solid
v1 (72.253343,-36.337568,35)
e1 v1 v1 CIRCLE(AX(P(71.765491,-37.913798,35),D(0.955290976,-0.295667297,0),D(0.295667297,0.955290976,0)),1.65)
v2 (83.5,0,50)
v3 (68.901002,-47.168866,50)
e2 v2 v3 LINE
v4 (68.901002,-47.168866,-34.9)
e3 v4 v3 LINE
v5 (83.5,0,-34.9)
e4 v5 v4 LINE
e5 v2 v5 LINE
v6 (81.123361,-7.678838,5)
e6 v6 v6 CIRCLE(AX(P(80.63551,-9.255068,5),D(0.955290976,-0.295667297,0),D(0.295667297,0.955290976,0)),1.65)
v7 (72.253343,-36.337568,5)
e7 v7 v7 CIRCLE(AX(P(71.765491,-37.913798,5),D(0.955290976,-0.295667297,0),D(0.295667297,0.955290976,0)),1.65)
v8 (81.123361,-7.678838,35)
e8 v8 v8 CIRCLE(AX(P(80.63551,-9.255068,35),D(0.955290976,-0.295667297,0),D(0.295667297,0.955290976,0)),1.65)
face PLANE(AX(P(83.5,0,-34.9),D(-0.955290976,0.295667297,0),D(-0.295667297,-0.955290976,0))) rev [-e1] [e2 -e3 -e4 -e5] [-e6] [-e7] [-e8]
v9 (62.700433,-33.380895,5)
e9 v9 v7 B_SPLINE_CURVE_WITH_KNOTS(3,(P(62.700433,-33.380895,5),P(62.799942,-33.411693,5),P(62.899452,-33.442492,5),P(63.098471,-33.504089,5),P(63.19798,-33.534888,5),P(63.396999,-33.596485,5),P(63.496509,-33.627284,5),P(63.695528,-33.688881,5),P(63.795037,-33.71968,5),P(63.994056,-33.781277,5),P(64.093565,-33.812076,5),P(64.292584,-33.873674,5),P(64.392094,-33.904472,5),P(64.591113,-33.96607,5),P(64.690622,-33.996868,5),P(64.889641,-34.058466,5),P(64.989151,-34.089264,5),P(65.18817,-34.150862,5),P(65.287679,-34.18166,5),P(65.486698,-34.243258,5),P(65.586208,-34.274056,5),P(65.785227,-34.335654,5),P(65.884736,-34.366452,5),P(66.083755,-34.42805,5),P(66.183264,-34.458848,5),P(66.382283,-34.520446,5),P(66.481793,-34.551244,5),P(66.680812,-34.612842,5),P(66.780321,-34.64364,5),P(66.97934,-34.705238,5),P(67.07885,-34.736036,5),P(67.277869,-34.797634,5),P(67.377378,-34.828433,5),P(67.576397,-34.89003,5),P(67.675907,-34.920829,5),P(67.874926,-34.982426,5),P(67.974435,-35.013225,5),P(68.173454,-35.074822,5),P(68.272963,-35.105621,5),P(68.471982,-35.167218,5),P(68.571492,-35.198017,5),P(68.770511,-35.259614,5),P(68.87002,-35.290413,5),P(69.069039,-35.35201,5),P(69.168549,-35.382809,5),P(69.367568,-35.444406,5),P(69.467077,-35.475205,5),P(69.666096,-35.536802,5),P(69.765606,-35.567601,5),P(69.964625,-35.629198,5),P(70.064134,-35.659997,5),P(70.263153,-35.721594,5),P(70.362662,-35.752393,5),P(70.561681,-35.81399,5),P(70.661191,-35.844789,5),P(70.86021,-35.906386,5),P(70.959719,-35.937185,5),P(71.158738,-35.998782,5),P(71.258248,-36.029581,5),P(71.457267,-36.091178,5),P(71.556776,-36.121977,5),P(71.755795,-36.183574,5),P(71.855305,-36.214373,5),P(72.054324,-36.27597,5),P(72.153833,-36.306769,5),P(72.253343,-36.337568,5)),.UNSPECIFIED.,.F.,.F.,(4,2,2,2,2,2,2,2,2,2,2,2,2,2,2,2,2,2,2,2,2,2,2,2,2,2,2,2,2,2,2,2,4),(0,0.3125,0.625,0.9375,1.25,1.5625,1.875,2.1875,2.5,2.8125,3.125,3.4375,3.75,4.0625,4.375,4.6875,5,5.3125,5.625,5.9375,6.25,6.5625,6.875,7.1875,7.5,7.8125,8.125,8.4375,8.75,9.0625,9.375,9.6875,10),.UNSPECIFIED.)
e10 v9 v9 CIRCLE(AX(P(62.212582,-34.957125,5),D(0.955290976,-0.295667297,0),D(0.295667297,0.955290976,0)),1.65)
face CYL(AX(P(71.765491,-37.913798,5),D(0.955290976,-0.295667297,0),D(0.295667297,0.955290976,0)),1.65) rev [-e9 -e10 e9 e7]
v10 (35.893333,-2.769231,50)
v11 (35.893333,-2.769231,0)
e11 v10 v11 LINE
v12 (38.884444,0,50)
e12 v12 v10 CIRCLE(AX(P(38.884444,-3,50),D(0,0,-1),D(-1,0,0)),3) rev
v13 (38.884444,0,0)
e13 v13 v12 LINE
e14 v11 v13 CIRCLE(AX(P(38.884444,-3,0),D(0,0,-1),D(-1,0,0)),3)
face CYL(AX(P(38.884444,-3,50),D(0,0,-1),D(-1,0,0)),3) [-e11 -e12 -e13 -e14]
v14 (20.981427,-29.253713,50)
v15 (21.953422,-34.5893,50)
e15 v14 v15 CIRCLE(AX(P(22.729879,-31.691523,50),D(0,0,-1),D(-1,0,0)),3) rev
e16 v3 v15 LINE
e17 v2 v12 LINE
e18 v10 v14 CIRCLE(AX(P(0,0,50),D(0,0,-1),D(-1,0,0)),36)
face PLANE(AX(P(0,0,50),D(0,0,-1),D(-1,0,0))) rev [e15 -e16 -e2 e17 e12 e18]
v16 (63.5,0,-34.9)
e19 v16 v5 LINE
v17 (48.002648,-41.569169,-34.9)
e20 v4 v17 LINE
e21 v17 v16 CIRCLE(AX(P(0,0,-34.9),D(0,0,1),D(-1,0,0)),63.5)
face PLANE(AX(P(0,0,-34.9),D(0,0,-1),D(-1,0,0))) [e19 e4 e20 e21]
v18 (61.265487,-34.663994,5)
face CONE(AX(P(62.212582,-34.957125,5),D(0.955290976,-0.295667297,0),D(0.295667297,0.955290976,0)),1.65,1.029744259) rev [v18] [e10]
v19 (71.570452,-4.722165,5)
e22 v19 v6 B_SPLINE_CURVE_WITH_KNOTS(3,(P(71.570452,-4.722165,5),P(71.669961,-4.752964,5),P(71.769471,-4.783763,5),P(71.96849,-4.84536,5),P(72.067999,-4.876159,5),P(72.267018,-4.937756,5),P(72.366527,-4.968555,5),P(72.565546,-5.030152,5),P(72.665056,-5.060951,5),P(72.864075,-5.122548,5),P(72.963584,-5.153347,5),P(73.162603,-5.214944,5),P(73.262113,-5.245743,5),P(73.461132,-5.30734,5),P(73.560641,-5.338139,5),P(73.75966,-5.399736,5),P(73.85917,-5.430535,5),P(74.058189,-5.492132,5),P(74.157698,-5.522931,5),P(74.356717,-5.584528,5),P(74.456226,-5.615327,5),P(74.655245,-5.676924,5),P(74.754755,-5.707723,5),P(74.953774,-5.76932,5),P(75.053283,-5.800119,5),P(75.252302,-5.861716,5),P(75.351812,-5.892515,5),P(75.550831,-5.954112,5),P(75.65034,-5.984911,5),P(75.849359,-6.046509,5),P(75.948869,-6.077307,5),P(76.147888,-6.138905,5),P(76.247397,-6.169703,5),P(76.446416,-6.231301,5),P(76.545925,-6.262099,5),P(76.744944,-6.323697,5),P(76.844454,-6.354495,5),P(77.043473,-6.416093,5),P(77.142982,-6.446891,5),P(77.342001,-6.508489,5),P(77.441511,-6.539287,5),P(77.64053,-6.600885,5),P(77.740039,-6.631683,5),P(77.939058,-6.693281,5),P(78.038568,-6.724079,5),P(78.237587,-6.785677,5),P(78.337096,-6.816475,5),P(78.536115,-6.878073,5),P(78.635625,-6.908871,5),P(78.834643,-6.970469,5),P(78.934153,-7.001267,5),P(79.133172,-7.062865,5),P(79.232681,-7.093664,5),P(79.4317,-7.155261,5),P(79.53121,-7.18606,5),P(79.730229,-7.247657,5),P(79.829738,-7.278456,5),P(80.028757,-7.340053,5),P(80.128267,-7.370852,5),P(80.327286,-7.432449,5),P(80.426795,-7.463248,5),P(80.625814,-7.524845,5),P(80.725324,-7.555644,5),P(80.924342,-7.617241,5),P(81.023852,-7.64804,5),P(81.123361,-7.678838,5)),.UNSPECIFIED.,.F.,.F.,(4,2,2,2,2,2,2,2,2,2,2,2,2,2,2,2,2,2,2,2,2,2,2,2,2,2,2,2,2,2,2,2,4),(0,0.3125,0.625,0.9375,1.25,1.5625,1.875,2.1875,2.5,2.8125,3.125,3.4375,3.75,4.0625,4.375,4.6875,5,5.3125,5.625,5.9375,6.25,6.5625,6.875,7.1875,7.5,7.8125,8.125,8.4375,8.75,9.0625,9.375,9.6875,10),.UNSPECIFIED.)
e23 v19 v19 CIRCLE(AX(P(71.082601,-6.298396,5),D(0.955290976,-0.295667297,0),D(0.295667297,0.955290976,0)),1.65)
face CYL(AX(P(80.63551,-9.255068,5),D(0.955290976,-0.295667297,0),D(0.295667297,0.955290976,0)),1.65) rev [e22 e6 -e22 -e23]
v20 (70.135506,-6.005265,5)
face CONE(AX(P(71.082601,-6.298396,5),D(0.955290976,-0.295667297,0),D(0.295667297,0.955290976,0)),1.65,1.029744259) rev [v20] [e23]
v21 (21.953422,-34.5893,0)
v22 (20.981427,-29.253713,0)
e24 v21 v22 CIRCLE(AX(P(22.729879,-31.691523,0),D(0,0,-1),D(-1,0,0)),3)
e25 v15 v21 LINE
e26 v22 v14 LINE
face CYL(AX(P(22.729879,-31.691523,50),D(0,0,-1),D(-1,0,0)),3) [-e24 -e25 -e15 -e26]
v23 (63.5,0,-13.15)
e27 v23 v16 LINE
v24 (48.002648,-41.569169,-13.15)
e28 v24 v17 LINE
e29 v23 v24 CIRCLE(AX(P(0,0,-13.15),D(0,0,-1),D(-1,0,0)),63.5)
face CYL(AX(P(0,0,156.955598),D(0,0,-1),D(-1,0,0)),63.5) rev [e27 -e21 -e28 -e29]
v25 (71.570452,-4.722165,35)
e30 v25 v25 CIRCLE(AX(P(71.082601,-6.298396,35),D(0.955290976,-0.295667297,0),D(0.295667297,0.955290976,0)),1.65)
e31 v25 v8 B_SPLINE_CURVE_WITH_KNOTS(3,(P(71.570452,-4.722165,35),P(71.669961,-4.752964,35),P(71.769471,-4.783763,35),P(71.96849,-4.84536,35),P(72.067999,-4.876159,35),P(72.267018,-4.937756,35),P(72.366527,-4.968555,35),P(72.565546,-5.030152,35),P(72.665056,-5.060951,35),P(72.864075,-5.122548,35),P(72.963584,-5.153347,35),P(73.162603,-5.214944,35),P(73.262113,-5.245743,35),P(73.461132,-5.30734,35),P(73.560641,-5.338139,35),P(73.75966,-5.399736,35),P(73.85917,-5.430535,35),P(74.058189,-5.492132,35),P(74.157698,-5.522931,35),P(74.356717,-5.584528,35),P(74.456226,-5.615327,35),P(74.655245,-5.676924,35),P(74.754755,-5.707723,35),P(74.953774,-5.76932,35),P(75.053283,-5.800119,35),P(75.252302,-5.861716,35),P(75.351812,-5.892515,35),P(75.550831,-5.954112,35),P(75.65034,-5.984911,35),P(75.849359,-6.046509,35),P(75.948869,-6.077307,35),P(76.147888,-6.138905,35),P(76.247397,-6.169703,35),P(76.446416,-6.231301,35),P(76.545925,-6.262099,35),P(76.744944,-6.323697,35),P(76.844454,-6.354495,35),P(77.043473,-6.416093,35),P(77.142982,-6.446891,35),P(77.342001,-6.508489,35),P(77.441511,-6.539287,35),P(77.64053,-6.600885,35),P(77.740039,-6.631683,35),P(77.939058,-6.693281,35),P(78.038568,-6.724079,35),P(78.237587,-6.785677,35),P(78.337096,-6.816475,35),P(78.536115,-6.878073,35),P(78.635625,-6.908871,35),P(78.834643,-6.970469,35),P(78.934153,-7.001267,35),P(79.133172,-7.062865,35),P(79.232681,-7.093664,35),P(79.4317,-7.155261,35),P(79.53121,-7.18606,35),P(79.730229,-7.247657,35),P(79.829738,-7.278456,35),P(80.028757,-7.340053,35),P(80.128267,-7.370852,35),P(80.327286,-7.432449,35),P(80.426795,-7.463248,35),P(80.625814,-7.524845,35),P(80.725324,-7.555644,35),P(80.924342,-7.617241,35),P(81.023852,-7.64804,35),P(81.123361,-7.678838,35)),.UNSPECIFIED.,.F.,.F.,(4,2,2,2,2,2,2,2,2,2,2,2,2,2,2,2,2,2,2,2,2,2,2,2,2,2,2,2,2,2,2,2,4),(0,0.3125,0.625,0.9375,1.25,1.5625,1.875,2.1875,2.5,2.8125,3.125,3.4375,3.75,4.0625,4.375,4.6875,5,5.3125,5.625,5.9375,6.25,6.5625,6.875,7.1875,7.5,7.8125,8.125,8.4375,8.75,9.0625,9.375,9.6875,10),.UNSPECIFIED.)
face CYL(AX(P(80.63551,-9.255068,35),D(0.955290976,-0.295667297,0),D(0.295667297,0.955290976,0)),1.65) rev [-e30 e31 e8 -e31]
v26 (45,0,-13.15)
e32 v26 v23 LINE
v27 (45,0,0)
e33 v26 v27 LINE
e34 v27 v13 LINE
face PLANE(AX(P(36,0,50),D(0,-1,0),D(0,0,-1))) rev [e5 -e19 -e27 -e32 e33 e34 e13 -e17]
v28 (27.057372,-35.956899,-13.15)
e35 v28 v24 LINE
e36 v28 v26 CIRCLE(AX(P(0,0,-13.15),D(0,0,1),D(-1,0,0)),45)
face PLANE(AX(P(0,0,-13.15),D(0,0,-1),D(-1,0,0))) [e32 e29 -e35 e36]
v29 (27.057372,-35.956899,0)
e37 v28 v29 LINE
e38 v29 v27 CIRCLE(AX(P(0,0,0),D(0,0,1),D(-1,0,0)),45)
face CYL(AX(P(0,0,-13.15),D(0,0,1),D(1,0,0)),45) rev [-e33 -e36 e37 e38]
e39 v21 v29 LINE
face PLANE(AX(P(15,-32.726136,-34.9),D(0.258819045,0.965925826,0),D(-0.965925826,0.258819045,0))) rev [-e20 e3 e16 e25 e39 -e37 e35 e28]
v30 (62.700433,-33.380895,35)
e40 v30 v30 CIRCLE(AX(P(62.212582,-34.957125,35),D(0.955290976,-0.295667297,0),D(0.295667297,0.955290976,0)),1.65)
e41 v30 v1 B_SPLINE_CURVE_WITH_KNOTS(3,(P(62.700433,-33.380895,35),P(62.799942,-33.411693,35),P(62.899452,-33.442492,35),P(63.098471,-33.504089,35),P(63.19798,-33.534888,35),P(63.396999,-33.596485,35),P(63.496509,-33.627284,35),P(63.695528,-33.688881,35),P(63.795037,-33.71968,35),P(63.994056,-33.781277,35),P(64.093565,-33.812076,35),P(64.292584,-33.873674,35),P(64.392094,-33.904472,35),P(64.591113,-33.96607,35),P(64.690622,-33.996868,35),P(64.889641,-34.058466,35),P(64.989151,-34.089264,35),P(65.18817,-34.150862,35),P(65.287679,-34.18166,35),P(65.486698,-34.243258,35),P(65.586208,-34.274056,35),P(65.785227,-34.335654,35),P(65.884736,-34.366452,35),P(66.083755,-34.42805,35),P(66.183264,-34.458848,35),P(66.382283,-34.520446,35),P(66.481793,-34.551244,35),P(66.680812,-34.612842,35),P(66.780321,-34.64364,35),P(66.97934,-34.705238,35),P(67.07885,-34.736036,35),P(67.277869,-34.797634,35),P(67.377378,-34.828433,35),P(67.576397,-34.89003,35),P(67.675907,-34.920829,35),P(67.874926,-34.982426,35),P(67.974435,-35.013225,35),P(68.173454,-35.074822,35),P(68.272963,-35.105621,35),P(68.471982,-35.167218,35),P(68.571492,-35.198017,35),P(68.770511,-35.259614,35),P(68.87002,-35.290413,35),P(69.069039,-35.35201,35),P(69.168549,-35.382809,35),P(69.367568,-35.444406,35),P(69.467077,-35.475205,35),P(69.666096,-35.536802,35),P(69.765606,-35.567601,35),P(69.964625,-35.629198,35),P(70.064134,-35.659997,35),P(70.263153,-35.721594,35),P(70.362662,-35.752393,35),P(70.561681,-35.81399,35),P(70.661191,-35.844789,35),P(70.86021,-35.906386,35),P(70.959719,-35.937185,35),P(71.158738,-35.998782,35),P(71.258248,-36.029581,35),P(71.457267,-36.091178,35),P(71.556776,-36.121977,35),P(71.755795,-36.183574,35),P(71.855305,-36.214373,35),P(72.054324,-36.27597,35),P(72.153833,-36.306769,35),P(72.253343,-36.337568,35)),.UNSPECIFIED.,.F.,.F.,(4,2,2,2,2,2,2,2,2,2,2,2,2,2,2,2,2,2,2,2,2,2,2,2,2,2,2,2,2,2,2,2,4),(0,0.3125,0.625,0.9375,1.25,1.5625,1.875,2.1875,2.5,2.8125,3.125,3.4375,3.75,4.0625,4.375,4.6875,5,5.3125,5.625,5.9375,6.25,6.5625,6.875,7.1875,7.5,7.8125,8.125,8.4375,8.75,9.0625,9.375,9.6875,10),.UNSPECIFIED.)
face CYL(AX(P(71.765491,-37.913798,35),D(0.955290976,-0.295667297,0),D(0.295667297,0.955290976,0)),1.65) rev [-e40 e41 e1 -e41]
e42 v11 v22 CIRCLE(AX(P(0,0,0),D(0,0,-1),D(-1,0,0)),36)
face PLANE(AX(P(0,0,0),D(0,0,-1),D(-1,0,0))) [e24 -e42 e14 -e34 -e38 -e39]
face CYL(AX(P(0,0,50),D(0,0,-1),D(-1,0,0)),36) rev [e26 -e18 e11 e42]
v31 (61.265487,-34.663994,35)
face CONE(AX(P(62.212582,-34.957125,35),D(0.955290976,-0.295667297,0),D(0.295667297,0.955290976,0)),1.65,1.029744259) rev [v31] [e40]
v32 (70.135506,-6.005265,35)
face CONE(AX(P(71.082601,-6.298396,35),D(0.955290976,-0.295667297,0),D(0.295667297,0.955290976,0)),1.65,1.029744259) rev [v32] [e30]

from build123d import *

# Parameters (mm, degrees)
BOSS_EXTRUDE1_DEPTH             = 50
BOSS_EXTRUDE2_START             = 13.15
BOSS_EXTRUDE2_DEPTH             = 13.15
BOSS_EXTRUDE3_DEPTH             = 21.75
BOSS_EXTRUDE3_DEPTH_BACK        = 63.15
CUT_EXTRUDE1_DEPTH              = 145.663436984
FILLET1_R                       = 3
CUT_EXTRUDE2_DEPTH              = 129.082637169
TAP_DRILL_FOR_M4X0_7_TAP1_D     = 3.3
TAP_DRILL_FOR_M4X0_7_TAP1_DEPTH = 10
TAP_DRILL_FOR_M4X0_7_TAP1_TIP   = 0.991420021


with BuildPart() as part:
    # Sketch1 → Boss-Extrude1 (new body)
    with BuildSketch(Plane.XY):
        with BuildLine():
            Line((36, 0), (63.5, 0))
            ThreePointArc((63.5, 0), (49.923691771, -39.241241061), (15, -61.702917273))
            Line((15, -61.702917273), (15, -32.726136344))
            ThreePointArc((15, -32.726136344), (30.298514815, -19.442222095), (36, 0))
        make_face()
    extrude(amount=BOSS_EXTRUDE1_DEPTH)

    # Sketch2 → Boss-Extrude2 (add)
    with BuildSketch(Plane(origin=(0, 0, 0), x_dir=(-1, 0, 0), z_dir=(0, 0, -1)).offset(BOSS_EXTRUDE2_START)):
        with BuildLine():
            Line((-45, 0), (-63.5, 0))
            ThreePointArc((-63.5, 0), (-49.923691771, -39.241241061), (-15, -61.702917273))
            Line((-15, -61.702917273), (-15, -42.426406871))
            ThreePointArc((-15, -42.426406871), (-36.742346142, -25.980762114), (-45, 0))
        make_face()
    extrude(amount=-BOSS_EXTRUDE2_DEPTH)

    # Sketch3 → Boss-Extrude3 (add, two sides: drawn at the far end of the back side and taken through both)
    with BuildSketch(Plane(origin=(0, 0, -13.15), x_dir=(-1, 0, 0), z_dir=(0, 0, -1)).offset(-BOSS_EXTRUDE3_DEPTH_BACK)):
        with BuildLine():
            Line((-63.5, 0), (-83.5, 0))
            ThreePointArc((-83.5, 0), (-64.127802083, -53.477799132), (-15, -82.141645954))
            Line((-15, -82.141645954), (-15, -61.702917273))
            ThreePointArc((-15, -61.702917273), (-49.923691771, -39.241241061), (-63.5, 0))
        make_face()
    extrude(amount=BOSS_EXTRUDE3_DEPTH + BOSS_EXTRUDE3_DEPTH_BACK)

    # Sketch4 → Cut-Extrude1 (cut, through all)
    with BuildSketch(Plane.XY.offset(50)):
        with BuildLine():
            Line((15, -32.726136344), (68.901001848, -47.16886626))
            ThreePointArc((68.901001848, -47.16886626), (45.449074332, -70.047352857), (15, -82.141645954))
            Line((15, -82.141645954), (15, -32.726136344))
        make_face()
    extrude(amount=-CUT_EXTRUDE1_DEPTH, mode=Mode.SUBTRACT)

    # Fillet1
    fillet1_edges = [part.edges().sort_by_distance(p)[0] for p in [
        (36, 0, 25),
        (15, -32.726136344, 25),
    ]]
    fillet(fillet1_edges, radius=FILLET1_R)

    # Sketch5 → Cut-Extrude2 (cut, through all)
    with BuildSketch(Plane.XY.offset(50)):
        with BuildLine():
            Line((83.5, 0), (68.901001848, -47.16886626))
            ThreePointArc((68.901001848, -47.16886626), (79.766796521, -24.688219313), (83.5, 0))
        make_face()
    extrude(amount=-CUT_EXTRUDE2_DEPTH, mode=Mode.SUBTRACT)

    # Tap Drill for M4x0.7 Tap1
    with Locations(Plane(origin=(76.200500924, -23.58443313, 0), x_dir=(0, 0, -1), z_dir=(0.9552909762953877, -0.29566729715781054, 0))):
        with Locations((-35, 15), (-35, -15), (-5, 15), (-5, -15)):
            Hole(TAP_DRILL_FOR_M4X0_7_TAP1_D / 2, depth=TAP_DRILL_FOR_M4X0_7_TAP1_DEPTH)
            with Locations((0, 0, -(TAP_DRILL_FOR_M4X0_7_TAP1_DEPTH + TAP_DRILL_FOR_M4X0_7_TAP1_TIP / 2))):  # 118° drill point
                Cone(0, TAP_DRILL_FOR_M4X0_7_TAP1_D / 2, TAP_DRILL_FOR_M4X0_7_TAP1_TIP, mode=Mode.SUBTRACT)


solid = part.part
